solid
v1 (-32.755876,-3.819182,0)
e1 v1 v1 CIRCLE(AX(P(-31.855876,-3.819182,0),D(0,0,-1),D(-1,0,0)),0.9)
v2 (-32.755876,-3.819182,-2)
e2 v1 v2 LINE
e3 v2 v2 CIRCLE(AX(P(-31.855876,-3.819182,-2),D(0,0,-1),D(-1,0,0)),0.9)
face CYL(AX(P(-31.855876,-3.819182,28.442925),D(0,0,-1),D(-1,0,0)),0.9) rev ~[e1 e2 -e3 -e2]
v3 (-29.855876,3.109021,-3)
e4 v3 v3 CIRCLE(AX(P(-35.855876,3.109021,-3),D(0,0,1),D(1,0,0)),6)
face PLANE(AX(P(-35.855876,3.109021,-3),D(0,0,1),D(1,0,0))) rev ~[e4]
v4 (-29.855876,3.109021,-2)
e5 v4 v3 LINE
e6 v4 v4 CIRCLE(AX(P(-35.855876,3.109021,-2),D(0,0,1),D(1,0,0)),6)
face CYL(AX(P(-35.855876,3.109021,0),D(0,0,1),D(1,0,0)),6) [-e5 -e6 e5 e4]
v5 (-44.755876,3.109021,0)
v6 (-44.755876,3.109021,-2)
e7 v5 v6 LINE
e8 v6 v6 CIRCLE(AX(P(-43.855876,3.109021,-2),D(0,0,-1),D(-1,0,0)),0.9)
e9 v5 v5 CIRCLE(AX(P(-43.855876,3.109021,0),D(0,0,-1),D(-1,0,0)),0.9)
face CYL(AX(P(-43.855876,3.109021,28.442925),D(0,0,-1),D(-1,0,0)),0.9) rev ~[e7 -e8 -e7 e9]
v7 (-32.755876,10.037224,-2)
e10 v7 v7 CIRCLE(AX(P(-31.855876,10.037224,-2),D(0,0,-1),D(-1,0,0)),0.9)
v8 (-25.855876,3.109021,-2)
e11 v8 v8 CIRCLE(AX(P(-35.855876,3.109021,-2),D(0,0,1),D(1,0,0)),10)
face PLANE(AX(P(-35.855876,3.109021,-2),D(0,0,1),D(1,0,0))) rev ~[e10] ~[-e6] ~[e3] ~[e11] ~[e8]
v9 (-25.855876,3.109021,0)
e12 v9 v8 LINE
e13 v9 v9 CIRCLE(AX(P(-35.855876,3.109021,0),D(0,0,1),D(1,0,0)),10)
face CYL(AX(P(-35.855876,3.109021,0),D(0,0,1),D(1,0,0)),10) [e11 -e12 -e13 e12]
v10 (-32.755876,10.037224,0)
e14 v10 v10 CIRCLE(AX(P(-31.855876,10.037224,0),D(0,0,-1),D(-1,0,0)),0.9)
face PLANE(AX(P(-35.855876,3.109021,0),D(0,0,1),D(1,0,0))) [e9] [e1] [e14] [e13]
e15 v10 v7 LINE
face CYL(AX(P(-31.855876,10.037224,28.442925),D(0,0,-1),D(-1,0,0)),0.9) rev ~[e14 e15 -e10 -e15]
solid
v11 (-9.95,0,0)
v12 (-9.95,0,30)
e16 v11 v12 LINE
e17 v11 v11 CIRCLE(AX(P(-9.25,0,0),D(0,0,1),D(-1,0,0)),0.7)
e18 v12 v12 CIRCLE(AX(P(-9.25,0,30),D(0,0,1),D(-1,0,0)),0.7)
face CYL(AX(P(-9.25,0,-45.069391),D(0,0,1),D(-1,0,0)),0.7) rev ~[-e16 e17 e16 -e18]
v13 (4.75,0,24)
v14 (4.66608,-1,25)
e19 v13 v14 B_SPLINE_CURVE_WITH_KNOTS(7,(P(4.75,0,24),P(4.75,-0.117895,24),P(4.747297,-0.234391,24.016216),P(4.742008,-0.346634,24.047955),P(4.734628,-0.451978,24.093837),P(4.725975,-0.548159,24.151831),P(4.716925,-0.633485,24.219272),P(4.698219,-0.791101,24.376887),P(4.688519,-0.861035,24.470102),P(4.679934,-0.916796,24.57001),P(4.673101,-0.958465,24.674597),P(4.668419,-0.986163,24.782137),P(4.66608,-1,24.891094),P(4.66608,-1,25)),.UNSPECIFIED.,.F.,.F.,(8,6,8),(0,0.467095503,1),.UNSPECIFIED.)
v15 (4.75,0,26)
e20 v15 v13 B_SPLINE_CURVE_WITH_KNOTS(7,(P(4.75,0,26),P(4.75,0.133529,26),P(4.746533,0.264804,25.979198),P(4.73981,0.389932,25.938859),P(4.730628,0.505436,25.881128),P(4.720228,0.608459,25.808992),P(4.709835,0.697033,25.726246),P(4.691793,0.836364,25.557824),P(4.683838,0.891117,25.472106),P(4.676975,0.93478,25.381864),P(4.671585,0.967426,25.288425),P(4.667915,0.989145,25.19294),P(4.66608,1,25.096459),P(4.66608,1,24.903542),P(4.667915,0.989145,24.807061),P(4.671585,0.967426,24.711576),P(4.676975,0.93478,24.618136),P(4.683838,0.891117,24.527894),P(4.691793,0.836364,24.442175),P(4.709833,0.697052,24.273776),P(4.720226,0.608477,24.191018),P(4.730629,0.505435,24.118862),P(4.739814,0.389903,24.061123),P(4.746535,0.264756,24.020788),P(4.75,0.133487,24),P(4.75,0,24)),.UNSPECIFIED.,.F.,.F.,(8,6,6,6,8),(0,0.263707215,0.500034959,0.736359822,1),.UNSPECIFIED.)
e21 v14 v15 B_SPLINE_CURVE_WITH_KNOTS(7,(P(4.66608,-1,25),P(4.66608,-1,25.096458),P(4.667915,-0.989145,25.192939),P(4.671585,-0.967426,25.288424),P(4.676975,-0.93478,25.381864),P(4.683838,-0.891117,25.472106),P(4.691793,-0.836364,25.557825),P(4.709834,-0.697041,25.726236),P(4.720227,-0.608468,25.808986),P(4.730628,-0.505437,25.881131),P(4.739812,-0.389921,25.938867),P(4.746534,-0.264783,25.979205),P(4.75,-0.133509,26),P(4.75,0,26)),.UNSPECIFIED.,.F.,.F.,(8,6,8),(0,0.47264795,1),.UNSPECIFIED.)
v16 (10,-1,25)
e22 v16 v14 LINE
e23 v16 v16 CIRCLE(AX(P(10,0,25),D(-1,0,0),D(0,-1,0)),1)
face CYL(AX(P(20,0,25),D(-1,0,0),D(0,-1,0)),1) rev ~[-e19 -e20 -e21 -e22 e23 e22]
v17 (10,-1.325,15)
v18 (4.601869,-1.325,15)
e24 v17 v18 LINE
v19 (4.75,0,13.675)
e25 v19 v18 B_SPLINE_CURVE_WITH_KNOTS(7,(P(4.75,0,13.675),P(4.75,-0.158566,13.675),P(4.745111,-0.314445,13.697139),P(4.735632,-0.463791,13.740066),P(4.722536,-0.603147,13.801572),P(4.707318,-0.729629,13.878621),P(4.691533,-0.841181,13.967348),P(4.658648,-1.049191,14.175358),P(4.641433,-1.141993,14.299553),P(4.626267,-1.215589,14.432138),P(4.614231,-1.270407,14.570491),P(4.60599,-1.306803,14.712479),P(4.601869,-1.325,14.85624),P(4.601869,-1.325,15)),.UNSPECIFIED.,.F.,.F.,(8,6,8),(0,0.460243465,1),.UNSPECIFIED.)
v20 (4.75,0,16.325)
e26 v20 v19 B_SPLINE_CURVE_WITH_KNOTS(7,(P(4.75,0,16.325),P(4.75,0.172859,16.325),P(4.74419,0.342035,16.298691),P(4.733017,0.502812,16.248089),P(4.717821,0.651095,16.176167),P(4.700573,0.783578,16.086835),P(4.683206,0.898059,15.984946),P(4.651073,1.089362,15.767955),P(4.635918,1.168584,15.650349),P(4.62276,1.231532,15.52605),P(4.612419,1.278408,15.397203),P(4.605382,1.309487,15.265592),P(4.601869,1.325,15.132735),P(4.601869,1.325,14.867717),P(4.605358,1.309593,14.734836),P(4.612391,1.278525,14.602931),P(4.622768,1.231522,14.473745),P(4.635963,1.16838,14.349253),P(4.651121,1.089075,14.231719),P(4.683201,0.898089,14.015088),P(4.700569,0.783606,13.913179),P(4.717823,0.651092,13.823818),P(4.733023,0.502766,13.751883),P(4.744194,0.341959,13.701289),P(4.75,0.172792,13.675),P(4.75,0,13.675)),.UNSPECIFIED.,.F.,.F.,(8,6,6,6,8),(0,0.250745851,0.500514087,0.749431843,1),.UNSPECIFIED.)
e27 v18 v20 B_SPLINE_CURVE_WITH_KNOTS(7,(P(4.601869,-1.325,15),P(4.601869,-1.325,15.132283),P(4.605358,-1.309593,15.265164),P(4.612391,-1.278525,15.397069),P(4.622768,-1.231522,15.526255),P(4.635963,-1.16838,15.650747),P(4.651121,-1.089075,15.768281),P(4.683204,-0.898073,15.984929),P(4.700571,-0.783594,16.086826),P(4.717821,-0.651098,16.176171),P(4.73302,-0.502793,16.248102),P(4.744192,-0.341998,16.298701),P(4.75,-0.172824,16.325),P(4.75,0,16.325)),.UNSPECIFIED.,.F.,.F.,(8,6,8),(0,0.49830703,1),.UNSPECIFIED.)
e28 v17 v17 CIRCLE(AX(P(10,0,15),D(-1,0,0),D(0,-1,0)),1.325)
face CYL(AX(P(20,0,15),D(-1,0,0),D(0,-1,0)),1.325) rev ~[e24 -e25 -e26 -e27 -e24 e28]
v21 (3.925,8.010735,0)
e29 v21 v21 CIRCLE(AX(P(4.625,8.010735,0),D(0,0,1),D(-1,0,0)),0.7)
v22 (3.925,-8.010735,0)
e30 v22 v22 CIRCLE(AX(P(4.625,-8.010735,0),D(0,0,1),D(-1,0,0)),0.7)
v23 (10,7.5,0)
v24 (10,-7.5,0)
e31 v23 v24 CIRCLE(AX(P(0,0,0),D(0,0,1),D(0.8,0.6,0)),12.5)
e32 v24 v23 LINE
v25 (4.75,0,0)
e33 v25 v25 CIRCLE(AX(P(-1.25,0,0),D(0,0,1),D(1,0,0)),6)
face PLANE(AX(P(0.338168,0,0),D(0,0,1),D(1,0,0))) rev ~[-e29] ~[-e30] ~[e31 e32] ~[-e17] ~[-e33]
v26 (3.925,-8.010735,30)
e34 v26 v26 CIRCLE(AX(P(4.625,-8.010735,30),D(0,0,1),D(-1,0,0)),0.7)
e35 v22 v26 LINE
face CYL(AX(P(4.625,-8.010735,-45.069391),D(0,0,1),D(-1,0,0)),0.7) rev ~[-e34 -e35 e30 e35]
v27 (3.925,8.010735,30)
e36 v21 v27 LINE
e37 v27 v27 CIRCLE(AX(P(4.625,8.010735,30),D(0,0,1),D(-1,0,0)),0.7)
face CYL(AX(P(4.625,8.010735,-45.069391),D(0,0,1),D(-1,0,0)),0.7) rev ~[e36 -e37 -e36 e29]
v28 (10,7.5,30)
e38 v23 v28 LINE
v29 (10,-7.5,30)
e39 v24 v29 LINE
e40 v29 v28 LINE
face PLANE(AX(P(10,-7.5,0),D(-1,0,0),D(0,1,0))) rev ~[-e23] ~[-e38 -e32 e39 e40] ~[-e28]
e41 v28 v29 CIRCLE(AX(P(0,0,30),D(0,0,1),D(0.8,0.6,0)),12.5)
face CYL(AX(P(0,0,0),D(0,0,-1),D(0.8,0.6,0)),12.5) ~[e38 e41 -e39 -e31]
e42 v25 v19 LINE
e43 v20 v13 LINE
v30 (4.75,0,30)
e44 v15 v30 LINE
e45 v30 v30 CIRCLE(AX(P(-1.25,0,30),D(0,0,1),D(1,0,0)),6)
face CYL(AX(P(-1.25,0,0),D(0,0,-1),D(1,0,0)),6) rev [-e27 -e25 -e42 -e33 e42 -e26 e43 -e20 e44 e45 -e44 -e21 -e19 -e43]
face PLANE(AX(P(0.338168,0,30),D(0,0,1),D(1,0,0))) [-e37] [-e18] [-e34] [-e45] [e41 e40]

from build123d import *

# Parameters (mm, degrees)
F0_R     = 6
F1_DEPTH = 30
F2_D     = 1.4
F4_D     = 2.65
F4_DEPTH = 10
F5_D     = 2
F5_DEPTH = 10
F6_R     = 10
F6_R_2   = 6
F7_DEPTH = 2
F8_DEPTH = 3
F9_D     = 1.8


with BuildPart() as f1:
    # F0 (on Top) → F1 (new body)
    with BuildSketch(Plane.XY):
        with BuildLine():
            Line((10, -7.5), (10, 7.5))
            ThreePointArc((10, 7.5), (-12.5, 0), (10, -7.5))
        make_face()
        with Locations((-1.25, 0)):
            Circle(F0_R, mode=Mode.SUBTRACT)
    extrude(amount=F1_DEPTH)

    # F2 (through all)
    with Locations(Plane(origin=(0, 0, 0), x_dir=(1, 0, 0), z_dir=(0, 0, -1))):
        with Locations((-9.25, 0), (4.625, 8.010735), (4.625, -8.010735)):
            Hole(F2_D / 2)

    # F4
    with Locations(Plane.YZ.offset(10)):
        with Locations((0, 15)):
            Hole(F4_D / 2, depth=F4_DEPTH)

    # F5
    with Locations(Plane.YZ.offset(10)):
        with Locations((0, 25)):
            Hole(F5_D / 2, depth=F5_DEPTH)


with BuildPart() as f7:
    # F6 (on face) → F7 (new body)
    with BuildSketch(Plane.XY):
        with Locations((-35.855876, 3.109021)):
            Circle(F6_R)
        with Locations((-35.855876, 3.109021)):
            Circle(F6_R_2, mode=Mode.SUBTRACT)
    extrude(amount=-F7_DEPTH)

    # F6 (on face) → F8 (join)
    with BuildSketch(Plane.XY):
        with Locations((-35.855876, 3.109021)):
            Circle(F6_R_2)
    extrude(amount=-F8_DEPTH)

    # F9 (through all)
    with Locations(Plane.XY):
        with Locations((-31.855876, 10.037224), (-43.855876, 3.109021), (-31.855876, -3.819182)):
            Hole(F9_D / 2)


solid = Compound([f1.part, f7.part])
